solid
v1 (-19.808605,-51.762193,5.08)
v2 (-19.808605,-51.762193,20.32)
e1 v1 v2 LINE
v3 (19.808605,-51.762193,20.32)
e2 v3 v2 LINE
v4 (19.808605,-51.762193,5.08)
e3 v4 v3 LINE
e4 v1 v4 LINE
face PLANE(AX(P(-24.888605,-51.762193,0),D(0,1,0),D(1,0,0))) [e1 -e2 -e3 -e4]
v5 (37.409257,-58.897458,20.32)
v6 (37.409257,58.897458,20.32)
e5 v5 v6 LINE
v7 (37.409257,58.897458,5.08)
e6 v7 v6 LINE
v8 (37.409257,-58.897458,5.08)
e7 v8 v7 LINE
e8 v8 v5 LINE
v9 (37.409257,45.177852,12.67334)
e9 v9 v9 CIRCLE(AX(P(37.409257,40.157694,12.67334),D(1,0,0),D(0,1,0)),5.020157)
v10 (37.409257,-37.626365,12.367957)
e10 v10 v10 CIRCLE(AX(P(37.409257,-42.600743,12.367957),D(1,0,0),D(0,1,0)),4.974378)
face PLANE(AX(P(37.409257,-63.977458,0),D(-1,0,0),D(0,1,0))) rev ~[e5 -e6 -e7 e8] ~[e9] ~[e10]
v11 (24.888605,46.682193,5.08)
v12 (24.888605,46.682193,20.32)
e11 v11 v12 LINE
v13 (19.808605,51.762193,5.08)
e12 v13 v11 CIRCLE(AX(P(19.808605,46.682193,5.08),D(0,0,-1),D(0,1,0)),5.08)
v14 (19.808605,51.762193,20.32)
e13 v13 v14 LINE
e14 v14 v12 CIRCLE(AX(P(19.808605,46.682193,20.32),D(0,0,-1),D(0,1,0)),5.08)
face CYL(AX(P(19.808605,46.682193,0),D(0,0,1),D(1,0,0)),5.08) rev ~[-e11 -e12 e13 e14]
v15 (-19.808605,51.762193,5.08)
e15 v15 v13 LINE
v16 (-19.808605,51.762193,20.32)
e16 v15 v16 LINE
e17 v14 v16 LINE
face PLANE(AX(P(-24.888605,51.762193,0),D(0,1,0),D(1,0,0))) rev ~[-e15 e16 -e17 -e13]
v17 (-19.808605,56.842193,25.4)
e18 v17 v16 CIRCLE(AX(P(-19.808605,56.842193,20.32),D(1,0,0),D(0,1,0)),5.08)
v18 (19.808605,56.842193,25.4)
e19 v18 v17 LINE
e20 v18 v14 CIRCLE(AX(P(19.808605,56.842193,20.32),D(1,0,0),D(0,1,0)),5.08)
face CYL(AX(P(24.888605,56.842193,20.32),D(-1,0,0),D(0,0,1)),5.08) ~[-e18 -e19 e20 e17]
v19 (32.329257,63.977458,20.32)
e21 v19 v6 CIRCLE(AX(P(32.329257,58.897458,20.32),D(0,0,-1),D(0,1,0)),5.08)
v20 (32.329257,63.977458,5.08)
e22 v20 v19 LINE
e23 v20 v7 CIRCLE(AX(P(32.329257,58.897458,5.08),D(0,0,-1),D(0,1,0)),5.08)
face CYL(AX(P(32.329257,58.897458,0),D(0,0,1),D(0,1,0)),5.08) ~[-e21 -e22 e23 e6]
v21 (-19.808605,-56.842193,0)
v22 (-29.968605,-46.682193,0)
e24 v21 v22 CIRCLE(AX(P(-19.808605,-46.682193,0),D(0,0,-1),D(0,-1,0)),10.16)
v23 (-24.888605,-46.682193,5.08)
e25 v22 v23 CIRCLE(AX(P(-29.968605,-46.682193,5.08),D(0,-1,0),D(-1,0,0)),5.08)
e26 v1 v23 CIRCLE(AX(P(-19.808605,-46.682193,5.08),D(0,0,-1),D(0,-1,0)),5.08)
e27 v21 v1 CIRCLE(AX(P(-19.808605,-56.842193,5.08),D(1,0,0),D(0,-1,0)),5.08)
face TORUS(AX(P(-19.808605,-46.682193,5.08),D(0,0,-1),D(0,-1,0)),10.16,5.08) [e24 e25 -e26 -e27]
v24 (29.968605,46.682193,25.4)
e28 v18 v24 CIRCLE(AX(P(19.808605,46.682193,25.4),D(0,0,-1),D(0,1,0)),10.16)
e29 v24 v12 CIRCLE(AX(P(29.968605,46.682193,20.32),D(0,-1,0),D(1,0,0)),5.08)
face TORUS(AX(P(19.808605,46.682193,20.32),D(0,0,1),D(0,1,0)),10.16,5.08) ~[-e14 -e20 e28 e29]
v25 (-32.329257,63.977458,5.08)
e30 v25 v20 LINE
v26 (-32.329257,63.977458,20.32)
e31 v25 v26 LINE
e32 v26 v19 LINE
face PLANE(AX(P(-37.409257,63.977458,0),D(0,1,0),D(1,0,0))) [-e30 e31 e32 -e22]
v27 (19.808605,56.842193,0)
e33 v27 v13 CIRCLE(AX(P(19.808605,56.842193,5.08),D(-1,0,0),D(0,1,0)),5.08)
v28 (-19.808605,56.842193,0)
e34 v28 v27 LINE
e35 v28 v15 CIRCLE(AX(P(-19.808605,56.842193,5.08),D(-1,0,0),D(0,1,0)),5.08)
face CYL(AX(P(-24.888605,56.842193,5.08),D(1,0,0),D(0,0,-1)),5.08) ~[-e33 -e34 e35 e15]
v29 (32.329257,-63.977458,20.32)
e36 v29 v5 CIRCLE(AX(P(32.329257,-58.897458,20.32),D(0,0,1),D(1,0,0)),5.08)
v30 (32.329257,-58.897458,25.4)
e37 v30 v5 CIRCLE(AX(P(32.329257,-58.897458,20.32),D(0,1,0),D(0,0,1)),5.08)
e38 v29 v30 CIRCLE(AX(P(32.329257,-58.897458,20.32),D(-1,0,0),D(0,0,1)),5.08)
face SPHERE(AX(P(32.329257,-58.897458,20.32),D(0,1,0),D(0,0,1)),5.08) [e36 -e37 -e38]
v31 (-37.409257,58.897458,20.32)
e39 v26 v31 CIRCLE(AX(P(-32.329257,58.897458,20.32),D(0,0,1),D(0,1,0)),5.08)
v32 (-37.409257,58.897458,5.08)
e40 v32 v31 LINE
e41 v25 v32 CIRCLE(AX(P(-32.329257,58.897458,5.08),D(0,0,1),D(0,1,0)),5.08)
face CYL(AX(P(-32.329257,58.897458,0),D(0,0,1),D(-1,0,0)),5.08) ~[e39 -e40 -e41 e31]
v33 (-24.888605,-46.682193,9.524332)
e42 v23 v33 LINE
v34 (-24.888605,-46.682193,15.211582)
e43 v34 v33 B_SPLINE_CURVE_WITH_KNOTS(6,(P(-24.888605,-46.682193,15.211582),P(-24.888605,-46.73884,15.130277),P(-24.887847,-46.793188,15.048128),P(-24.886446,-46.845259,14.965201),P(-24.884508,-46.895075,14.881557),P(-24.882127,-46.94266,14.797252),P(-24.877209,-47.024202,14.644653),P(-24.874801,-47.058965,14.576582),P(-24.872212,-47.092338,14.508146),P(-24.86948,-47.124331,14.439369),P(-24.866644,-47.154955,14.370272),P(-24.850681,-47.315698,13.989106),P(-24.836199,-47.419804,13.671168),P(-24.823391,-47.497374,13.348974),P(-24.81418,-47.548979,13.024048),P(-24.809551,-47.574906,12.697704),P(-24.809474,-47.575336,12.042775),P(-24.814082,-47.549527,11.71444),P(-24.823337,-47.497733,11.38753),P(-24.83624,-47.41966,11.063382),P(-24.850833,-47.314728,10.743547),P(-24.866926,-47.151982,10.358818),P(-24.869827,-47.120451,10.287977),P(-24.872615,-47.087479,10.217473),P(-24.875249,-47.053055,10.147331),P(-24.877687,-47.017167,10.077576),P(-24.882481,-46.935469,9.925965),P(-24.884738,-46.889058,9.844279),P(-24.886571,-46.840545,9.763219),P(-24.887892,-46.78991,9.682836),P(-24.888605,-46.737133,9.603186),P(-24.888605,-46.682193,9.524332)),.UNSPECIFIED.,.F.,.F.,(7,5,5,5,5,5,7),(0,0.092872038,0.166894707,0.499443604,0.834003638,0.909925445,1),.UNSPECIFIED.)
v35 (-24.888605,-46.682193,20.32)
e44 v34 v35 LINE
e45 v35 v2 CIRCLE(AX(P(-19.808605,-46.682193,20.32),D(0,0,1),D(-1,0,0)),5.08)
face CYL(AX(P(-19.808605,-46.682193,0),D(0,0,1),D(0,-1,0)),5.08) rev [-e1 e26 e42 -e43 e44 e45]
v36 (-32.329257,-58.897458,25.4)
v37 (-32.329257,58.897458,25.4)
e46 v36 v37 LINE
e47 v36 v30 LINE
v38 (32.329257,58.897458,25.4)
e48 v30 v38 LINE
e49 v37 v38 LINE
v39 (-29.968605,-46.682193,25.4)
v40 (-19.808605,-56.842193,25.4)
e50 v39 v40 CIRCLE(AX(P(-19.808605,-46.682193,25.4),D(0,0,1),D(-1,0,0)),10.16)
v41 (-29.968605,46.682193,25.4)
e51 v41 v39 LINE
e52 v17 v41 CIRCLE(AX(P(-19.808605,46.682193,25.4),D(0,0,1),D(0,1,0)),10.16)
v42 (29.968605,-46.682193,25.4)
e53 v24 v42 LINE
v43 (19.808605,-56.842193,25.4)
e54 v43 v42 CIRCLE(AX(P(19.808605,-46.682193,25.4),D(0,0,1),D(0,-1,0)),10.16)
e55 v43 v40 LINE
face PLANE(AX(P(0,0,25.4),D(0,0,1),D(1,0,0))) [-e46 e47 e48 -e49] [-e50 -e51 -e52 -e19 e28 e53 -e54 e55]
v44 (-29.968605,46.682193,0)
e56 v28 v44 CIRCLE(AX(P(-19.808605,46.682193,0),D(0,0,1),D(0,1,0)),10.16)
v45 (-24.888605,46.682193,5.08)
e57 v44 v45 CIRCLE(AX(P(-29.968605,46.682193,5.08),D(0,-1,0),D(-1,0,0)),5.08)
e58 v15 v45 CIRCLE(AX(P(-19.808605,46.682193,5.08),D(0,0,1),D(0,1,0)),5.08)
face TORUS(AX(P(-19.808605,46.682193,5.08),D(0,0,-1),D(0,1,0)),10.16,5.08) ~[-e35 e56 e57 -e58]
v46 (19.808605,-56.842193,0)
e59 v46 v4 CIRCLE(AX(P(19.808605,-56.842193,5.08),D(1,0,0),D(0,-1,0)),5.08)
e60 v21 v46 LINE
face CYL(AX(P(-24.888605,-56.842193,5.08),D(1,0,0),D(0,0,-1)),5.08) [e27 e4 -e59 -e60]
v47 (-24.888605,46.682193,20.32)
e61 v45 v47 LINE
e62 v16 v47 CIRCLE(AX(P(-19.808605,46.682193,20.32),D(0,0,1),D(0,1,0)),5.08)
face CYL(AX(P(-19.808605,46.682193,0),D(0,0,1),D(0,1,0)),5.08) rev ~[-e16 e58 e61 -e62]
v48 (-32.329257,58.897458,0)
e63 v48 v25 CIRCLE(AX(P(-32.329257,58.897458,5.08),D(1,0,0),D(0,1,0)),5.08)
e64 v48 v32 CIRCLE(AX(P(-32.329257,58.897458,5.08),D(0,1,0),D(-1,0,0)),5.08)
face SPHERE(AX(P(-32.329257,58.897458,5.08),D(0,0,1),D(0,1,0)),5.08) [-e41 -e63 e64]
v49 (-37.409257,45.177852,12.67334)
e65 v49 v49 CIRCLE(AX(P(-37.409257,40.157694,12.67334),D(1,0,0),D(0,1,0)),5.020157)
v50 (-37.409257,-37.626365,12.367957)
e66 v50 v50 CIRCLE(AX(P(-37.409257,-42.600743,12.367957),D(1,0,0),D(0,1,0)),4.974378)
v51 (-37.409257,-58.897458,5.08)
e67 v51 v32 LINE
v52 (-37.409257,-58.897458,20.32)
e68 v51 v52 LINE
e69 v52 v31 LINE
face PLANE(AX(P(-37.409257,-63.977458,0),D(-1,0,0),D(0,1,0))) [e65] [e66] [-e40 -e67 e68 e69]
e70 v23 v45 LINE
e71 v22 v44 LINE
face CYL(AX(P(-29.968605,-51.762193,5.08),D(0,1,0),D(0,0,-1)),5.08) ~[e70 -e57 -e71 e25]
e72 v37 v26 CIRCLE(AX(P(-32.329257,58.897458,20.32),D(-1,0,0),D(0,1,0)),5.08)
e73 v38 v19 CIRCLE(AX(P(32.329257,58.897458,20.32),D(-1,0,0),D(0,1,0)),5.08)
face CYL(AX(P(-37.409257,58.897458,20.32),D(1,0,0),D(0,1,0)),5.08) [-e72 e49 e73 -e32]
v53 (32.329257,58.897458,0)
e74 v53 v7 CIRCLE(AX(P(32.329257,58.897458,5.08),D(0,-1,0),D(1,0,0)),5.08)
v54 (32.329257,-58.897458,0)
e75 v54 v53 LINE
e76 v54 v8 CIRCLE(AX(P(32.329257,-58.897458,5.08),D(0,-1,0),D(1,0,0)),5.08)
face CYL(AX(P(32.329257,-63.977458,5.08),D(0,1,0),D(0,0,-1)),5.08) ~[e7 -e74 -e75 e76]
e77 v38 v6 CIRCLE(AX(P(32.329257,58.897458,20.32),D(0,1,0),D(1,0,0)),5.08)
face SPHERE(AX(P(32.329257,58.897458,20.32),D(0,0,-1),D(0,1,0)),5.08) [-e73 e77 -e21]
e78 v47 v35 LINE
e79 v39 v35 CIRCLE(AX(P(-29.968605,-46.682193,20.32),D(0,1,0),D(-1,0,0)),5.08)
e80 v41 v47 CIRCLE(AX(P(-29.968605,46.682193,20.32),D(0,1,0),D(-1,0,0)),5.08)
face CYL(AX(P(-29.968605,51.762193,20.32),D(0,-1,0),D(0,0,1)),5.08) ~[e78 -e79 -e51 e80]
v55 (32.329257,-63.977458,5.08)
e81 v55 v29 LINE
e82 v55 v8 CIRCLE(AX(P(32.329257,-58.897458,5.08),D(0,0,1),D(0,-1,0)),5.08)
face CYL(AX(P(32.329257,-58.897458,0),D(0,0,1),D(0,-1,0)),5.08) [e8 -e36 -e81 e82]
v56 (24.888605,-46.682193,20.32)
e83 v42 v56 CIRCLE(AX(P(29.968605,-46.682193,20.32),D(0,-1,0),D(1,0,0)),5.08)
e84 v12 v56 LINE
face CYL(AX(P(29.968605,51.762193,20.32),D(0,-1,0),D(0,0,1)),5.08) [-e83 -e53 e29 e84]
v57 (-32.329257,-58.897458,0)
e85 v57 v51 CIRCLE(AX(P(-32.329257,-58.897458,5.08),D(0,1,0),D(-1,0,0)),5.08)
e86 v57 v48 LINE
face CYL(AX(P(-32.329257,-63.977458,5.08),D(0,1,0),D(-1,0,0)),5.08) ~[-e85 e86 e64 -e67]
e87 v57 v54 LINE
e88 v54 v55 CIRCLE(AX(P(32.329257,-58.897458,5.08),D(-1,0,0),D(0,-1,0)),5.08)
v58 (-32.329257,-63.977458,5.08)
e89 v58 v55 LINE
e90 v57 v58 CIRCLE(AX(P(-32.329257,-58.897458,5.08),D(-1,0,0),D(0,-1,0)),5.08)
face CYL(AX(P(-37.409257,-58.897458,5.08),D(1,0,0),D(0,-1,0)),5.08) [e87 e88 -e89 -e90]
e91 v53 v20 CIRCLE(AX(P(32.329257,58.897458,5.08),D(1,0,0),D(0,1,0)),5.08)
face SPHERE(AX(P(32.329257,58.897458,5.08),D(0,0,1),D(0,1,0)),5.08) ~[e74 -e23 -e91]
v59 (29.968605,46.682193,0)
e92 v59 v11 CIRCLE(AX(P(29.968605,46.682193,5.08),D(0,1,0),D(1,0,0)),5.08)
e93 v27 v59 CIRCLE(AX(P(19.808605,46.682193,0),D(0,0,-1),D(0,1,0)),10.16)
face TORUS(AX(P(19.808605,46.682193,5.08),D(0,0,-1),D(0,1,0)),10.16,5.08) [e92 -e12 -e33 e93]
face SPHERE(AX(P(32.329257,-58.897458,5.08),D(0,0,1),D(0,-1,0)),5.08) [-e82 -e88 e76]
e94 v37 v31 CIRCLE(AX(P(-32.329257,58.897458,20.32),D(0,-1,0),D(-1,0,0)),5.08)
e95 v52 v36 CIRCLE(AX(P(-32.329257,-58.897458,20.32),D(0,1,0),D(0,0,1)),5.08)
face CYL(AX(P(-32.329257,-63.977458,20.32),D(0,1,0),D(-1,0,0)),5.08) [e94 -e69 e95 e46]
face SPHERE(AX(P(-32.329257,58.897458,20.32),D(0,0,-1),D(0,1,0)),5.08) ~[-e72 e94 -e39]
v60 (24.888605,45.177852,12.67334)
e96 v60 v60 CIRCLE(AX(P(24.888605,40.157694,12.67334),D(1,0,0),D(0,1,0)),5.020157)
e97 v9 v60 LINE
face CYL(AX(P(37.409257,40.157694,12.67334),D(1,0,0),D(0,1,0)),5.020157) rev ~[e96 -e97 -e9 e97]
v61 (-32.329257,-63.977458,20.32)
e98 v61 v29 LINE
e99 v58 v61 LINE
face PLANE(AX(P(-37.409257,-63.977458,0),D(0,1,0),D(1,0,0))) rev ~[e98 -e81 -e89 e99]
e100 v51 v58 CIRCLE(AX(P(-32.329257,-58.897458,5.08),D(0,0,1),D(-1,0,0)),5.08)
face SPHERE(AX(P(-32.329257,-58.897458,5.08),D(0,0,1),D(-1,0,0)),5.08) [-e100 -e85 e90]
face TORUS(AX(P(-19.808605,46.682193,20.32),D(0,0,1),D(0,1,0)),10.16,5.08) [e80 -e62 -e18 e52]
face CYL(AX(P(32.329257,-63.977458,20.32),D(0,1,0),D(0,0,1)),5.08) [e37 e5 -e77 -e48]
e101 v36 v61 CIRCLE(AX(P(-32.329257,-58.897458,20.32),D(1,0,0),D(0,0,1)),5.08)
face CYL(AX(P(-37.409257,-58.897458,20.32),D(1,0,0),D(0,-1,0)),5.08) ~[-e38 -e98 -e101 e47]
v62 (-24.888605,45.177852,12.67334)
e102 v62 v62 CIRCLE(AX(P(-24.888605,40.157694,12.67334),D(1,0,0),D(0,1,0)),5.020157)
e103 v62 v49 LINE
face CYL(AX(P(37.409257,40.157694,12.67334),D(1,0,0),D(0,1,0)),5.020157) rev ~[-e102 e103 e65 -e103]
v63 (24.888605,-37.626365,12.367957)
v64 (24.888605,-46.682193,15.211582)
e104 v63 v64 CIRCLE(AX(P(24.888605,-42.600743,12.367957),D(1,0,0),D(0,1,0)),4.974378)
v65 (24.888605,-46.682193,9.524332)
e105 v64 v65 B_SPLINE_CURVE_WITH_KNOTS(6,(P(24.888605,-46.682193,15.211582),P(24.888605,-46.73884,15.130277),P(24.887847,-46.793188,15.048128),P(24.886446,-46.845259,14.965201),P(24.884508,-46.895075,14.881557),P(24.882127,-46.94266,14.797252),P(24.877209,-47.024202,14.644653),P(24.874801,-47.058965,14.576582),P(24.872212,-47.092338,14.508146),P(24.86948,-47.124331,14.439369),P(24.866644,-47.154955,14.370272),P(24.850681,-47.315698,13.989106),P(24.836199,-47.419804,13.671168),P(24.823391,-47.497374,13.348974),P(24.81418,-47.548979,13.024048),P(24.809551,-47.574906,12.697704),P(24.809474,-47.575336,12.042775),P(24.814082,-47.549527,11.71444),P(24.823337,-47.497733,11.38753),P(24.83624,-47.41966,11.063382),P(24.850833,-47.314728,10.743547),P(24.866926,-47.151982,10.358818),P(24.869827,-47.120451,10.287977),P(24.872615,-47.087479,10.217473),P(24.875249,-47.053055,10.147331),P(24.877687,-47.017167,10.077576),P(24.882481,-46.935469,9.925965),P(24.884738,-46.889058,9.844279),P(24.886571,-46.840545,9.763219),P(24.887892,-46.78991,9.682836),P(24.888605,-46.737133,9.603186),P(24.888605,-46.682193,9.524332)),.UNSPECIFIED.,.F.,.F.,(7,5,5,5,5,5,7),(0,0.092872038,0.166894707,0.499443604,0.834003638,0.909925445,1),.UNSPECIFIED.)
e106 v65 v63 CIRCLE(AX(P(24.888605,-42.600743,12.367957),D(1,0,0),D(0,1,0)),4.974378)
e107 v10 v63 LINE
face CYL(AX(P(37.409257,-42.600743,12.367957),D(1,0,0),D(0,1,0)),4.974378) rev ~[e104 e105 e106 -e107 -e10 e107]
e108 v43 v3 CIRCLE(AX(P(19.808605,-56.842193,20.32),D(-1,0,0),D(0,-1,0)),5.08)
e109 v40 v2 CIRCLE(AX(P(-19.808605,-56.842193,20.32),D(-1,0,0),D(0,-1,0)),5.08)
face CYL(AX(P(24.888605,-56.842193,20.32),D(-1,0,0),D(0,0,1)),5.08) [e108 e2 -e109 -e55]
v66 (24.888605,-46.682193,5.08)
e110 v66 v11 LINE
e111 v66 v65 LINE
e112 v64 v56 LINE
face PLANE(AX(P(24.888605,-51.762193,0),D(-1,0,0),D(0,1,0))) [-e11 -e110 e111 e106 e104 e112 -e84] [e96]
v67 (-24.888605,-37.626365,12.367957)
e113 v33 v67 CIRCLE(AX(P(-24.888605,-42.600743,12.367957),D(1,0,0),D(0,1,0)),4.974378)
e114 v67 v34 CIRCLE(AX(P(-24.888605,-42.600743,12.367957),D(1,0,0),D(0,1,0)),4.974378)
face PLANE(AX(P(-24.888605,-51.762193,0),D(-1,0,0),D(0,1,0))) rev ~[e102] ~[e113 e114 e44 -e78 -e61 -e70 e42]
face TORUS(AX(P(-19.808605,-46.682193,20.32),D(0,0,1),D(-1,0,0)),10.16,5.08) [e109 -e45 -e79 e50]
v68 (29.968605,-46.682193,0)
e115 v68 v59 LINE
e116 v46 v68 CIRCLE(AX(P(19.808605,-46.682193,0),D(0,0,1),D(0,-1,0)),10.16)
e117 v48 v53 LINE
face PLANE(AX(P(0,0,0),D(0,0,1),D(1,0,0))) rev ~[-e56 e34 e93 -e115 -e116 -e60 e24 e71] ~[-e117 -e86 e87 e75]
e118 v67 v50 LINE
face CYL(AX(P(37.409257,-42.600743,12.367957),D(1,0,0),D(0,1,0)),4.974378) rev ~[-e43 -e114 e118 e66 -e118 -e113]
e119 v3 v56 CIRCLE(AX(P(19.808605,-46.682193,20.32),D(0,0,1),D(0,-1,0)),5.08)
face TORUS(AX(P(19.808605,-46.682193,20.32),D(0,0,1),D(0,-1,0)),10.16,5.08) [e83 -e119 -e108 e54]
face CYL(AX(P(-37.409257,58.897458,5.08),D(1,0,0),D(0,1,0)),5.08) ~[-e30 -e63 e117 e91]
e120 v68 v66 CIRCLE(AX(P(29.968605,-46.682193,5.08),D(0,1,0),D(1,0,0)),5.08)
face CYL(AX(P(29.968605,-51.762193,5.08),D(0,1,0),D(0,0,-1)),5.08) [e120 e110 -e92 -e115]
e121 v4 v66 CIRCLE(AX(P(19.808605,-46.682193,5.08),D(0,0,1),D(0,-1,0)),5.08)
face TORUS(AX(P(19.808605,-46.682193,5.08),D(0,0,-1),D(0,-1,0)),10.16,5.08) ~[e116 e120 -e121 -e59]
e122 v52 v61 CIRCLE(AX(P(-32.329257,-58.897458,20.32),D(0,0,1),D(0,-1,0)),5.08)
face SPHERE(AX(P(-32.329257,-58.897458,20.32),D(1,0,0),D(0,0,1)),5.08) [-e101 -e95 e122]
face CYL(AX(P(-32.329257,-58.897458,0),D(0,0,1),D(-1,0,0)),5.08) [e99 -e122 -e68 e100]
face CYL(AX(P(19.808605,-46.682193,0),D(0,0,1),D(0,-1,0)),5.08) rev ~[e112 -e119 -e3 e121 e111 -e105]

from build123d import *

# Parameters (mm, degrees)
F0_W     = 74.8185142875
F0_H     = 127.9549151659
F1_DEPTH = 25.4
F2_W     = 49.7772097588
F2_H     = 103.5243868828
F3_DEPTH = 38.1
F4_R     = 5.08
F5_R     = 4.9743780925
F6_DEPTH = 127
F7_R     = 5.0201571666
F8_DEPTH = 127


with BuildPart() as f1:
    # F0 (on Top) → F1 (new body)
    with BuildSketch(Plane.XY):
        Rectangle(F0_W, F0_H)
    extrude(amount=F1_DEPTH)

    # F2 (on Top) → F3 (cut)
    with BuildSketch(Plane.XY):
        Rectangle(F2_W, F2_H)
    extrude(amount=F3_DEPTH, mode=Mode.SUBTRACT)

    # F4
    f4_edges = [f1.edges().sort_by_distance(p)[0] for p in [
        (37.409257, 63.977458, 12.7),
        (-37.409257, 63.977458, 12.7),
        (0, 63.977458, 0),
        (0, 63.977458, 25.4),
        (37.409257, 0, 25.4),
        (0, -63.977458, 25.4),
        (-37.409257, 0, 25.4),
        (0, 51.762193, 25.4),
        (-24.888605, 0, 25.4),
        (0, -51.762193, 25.4),
        (24.888605, 0, 25.4),
        (-37.409257, -63.977458, 12.7),
        (-37.409257, 0, 0),
        (37.409257, -63.977458, 12.7),
        (0, -63.977458, 0),
        (37.409257, 0, 0),
        (-24.888605, 0, 0),
        (-24.888605, -51.762193, 12.7),
        (-24.888605, 51.762193, 12.7),
        (24.888605, 0, 0),
        (24.888605, 51.762193, 12.7),
        (24.888605, -51.762193, 12.7),
        (0, -51.762193, 0),
        (0, 51.762193, 0),
    ]]
    fillet(f4_edges, radius=F4_R)

    # F5 (on face) → F6 (cut)
    with BuildSketch(Plane.YZ.offset(37.4092571437)):
        with Locations((-42.6007434726, 12.3679572716)):
            Circle(F5_R)
    extrude(amount=-F6_DEPTH, mode=Mode.SUBTRACT)

    # F7 (on face) → F8 (cut)
    with BuildSketch(Plane.YZ.offset(37.4092571437)):
        with Locations((40.1576943696, 12.6733398065)):
            Circle(F7_R)
    extrude(amount=-F8_DEPTH, mode=Mode.SUBTRACT)


solid = f1.part
